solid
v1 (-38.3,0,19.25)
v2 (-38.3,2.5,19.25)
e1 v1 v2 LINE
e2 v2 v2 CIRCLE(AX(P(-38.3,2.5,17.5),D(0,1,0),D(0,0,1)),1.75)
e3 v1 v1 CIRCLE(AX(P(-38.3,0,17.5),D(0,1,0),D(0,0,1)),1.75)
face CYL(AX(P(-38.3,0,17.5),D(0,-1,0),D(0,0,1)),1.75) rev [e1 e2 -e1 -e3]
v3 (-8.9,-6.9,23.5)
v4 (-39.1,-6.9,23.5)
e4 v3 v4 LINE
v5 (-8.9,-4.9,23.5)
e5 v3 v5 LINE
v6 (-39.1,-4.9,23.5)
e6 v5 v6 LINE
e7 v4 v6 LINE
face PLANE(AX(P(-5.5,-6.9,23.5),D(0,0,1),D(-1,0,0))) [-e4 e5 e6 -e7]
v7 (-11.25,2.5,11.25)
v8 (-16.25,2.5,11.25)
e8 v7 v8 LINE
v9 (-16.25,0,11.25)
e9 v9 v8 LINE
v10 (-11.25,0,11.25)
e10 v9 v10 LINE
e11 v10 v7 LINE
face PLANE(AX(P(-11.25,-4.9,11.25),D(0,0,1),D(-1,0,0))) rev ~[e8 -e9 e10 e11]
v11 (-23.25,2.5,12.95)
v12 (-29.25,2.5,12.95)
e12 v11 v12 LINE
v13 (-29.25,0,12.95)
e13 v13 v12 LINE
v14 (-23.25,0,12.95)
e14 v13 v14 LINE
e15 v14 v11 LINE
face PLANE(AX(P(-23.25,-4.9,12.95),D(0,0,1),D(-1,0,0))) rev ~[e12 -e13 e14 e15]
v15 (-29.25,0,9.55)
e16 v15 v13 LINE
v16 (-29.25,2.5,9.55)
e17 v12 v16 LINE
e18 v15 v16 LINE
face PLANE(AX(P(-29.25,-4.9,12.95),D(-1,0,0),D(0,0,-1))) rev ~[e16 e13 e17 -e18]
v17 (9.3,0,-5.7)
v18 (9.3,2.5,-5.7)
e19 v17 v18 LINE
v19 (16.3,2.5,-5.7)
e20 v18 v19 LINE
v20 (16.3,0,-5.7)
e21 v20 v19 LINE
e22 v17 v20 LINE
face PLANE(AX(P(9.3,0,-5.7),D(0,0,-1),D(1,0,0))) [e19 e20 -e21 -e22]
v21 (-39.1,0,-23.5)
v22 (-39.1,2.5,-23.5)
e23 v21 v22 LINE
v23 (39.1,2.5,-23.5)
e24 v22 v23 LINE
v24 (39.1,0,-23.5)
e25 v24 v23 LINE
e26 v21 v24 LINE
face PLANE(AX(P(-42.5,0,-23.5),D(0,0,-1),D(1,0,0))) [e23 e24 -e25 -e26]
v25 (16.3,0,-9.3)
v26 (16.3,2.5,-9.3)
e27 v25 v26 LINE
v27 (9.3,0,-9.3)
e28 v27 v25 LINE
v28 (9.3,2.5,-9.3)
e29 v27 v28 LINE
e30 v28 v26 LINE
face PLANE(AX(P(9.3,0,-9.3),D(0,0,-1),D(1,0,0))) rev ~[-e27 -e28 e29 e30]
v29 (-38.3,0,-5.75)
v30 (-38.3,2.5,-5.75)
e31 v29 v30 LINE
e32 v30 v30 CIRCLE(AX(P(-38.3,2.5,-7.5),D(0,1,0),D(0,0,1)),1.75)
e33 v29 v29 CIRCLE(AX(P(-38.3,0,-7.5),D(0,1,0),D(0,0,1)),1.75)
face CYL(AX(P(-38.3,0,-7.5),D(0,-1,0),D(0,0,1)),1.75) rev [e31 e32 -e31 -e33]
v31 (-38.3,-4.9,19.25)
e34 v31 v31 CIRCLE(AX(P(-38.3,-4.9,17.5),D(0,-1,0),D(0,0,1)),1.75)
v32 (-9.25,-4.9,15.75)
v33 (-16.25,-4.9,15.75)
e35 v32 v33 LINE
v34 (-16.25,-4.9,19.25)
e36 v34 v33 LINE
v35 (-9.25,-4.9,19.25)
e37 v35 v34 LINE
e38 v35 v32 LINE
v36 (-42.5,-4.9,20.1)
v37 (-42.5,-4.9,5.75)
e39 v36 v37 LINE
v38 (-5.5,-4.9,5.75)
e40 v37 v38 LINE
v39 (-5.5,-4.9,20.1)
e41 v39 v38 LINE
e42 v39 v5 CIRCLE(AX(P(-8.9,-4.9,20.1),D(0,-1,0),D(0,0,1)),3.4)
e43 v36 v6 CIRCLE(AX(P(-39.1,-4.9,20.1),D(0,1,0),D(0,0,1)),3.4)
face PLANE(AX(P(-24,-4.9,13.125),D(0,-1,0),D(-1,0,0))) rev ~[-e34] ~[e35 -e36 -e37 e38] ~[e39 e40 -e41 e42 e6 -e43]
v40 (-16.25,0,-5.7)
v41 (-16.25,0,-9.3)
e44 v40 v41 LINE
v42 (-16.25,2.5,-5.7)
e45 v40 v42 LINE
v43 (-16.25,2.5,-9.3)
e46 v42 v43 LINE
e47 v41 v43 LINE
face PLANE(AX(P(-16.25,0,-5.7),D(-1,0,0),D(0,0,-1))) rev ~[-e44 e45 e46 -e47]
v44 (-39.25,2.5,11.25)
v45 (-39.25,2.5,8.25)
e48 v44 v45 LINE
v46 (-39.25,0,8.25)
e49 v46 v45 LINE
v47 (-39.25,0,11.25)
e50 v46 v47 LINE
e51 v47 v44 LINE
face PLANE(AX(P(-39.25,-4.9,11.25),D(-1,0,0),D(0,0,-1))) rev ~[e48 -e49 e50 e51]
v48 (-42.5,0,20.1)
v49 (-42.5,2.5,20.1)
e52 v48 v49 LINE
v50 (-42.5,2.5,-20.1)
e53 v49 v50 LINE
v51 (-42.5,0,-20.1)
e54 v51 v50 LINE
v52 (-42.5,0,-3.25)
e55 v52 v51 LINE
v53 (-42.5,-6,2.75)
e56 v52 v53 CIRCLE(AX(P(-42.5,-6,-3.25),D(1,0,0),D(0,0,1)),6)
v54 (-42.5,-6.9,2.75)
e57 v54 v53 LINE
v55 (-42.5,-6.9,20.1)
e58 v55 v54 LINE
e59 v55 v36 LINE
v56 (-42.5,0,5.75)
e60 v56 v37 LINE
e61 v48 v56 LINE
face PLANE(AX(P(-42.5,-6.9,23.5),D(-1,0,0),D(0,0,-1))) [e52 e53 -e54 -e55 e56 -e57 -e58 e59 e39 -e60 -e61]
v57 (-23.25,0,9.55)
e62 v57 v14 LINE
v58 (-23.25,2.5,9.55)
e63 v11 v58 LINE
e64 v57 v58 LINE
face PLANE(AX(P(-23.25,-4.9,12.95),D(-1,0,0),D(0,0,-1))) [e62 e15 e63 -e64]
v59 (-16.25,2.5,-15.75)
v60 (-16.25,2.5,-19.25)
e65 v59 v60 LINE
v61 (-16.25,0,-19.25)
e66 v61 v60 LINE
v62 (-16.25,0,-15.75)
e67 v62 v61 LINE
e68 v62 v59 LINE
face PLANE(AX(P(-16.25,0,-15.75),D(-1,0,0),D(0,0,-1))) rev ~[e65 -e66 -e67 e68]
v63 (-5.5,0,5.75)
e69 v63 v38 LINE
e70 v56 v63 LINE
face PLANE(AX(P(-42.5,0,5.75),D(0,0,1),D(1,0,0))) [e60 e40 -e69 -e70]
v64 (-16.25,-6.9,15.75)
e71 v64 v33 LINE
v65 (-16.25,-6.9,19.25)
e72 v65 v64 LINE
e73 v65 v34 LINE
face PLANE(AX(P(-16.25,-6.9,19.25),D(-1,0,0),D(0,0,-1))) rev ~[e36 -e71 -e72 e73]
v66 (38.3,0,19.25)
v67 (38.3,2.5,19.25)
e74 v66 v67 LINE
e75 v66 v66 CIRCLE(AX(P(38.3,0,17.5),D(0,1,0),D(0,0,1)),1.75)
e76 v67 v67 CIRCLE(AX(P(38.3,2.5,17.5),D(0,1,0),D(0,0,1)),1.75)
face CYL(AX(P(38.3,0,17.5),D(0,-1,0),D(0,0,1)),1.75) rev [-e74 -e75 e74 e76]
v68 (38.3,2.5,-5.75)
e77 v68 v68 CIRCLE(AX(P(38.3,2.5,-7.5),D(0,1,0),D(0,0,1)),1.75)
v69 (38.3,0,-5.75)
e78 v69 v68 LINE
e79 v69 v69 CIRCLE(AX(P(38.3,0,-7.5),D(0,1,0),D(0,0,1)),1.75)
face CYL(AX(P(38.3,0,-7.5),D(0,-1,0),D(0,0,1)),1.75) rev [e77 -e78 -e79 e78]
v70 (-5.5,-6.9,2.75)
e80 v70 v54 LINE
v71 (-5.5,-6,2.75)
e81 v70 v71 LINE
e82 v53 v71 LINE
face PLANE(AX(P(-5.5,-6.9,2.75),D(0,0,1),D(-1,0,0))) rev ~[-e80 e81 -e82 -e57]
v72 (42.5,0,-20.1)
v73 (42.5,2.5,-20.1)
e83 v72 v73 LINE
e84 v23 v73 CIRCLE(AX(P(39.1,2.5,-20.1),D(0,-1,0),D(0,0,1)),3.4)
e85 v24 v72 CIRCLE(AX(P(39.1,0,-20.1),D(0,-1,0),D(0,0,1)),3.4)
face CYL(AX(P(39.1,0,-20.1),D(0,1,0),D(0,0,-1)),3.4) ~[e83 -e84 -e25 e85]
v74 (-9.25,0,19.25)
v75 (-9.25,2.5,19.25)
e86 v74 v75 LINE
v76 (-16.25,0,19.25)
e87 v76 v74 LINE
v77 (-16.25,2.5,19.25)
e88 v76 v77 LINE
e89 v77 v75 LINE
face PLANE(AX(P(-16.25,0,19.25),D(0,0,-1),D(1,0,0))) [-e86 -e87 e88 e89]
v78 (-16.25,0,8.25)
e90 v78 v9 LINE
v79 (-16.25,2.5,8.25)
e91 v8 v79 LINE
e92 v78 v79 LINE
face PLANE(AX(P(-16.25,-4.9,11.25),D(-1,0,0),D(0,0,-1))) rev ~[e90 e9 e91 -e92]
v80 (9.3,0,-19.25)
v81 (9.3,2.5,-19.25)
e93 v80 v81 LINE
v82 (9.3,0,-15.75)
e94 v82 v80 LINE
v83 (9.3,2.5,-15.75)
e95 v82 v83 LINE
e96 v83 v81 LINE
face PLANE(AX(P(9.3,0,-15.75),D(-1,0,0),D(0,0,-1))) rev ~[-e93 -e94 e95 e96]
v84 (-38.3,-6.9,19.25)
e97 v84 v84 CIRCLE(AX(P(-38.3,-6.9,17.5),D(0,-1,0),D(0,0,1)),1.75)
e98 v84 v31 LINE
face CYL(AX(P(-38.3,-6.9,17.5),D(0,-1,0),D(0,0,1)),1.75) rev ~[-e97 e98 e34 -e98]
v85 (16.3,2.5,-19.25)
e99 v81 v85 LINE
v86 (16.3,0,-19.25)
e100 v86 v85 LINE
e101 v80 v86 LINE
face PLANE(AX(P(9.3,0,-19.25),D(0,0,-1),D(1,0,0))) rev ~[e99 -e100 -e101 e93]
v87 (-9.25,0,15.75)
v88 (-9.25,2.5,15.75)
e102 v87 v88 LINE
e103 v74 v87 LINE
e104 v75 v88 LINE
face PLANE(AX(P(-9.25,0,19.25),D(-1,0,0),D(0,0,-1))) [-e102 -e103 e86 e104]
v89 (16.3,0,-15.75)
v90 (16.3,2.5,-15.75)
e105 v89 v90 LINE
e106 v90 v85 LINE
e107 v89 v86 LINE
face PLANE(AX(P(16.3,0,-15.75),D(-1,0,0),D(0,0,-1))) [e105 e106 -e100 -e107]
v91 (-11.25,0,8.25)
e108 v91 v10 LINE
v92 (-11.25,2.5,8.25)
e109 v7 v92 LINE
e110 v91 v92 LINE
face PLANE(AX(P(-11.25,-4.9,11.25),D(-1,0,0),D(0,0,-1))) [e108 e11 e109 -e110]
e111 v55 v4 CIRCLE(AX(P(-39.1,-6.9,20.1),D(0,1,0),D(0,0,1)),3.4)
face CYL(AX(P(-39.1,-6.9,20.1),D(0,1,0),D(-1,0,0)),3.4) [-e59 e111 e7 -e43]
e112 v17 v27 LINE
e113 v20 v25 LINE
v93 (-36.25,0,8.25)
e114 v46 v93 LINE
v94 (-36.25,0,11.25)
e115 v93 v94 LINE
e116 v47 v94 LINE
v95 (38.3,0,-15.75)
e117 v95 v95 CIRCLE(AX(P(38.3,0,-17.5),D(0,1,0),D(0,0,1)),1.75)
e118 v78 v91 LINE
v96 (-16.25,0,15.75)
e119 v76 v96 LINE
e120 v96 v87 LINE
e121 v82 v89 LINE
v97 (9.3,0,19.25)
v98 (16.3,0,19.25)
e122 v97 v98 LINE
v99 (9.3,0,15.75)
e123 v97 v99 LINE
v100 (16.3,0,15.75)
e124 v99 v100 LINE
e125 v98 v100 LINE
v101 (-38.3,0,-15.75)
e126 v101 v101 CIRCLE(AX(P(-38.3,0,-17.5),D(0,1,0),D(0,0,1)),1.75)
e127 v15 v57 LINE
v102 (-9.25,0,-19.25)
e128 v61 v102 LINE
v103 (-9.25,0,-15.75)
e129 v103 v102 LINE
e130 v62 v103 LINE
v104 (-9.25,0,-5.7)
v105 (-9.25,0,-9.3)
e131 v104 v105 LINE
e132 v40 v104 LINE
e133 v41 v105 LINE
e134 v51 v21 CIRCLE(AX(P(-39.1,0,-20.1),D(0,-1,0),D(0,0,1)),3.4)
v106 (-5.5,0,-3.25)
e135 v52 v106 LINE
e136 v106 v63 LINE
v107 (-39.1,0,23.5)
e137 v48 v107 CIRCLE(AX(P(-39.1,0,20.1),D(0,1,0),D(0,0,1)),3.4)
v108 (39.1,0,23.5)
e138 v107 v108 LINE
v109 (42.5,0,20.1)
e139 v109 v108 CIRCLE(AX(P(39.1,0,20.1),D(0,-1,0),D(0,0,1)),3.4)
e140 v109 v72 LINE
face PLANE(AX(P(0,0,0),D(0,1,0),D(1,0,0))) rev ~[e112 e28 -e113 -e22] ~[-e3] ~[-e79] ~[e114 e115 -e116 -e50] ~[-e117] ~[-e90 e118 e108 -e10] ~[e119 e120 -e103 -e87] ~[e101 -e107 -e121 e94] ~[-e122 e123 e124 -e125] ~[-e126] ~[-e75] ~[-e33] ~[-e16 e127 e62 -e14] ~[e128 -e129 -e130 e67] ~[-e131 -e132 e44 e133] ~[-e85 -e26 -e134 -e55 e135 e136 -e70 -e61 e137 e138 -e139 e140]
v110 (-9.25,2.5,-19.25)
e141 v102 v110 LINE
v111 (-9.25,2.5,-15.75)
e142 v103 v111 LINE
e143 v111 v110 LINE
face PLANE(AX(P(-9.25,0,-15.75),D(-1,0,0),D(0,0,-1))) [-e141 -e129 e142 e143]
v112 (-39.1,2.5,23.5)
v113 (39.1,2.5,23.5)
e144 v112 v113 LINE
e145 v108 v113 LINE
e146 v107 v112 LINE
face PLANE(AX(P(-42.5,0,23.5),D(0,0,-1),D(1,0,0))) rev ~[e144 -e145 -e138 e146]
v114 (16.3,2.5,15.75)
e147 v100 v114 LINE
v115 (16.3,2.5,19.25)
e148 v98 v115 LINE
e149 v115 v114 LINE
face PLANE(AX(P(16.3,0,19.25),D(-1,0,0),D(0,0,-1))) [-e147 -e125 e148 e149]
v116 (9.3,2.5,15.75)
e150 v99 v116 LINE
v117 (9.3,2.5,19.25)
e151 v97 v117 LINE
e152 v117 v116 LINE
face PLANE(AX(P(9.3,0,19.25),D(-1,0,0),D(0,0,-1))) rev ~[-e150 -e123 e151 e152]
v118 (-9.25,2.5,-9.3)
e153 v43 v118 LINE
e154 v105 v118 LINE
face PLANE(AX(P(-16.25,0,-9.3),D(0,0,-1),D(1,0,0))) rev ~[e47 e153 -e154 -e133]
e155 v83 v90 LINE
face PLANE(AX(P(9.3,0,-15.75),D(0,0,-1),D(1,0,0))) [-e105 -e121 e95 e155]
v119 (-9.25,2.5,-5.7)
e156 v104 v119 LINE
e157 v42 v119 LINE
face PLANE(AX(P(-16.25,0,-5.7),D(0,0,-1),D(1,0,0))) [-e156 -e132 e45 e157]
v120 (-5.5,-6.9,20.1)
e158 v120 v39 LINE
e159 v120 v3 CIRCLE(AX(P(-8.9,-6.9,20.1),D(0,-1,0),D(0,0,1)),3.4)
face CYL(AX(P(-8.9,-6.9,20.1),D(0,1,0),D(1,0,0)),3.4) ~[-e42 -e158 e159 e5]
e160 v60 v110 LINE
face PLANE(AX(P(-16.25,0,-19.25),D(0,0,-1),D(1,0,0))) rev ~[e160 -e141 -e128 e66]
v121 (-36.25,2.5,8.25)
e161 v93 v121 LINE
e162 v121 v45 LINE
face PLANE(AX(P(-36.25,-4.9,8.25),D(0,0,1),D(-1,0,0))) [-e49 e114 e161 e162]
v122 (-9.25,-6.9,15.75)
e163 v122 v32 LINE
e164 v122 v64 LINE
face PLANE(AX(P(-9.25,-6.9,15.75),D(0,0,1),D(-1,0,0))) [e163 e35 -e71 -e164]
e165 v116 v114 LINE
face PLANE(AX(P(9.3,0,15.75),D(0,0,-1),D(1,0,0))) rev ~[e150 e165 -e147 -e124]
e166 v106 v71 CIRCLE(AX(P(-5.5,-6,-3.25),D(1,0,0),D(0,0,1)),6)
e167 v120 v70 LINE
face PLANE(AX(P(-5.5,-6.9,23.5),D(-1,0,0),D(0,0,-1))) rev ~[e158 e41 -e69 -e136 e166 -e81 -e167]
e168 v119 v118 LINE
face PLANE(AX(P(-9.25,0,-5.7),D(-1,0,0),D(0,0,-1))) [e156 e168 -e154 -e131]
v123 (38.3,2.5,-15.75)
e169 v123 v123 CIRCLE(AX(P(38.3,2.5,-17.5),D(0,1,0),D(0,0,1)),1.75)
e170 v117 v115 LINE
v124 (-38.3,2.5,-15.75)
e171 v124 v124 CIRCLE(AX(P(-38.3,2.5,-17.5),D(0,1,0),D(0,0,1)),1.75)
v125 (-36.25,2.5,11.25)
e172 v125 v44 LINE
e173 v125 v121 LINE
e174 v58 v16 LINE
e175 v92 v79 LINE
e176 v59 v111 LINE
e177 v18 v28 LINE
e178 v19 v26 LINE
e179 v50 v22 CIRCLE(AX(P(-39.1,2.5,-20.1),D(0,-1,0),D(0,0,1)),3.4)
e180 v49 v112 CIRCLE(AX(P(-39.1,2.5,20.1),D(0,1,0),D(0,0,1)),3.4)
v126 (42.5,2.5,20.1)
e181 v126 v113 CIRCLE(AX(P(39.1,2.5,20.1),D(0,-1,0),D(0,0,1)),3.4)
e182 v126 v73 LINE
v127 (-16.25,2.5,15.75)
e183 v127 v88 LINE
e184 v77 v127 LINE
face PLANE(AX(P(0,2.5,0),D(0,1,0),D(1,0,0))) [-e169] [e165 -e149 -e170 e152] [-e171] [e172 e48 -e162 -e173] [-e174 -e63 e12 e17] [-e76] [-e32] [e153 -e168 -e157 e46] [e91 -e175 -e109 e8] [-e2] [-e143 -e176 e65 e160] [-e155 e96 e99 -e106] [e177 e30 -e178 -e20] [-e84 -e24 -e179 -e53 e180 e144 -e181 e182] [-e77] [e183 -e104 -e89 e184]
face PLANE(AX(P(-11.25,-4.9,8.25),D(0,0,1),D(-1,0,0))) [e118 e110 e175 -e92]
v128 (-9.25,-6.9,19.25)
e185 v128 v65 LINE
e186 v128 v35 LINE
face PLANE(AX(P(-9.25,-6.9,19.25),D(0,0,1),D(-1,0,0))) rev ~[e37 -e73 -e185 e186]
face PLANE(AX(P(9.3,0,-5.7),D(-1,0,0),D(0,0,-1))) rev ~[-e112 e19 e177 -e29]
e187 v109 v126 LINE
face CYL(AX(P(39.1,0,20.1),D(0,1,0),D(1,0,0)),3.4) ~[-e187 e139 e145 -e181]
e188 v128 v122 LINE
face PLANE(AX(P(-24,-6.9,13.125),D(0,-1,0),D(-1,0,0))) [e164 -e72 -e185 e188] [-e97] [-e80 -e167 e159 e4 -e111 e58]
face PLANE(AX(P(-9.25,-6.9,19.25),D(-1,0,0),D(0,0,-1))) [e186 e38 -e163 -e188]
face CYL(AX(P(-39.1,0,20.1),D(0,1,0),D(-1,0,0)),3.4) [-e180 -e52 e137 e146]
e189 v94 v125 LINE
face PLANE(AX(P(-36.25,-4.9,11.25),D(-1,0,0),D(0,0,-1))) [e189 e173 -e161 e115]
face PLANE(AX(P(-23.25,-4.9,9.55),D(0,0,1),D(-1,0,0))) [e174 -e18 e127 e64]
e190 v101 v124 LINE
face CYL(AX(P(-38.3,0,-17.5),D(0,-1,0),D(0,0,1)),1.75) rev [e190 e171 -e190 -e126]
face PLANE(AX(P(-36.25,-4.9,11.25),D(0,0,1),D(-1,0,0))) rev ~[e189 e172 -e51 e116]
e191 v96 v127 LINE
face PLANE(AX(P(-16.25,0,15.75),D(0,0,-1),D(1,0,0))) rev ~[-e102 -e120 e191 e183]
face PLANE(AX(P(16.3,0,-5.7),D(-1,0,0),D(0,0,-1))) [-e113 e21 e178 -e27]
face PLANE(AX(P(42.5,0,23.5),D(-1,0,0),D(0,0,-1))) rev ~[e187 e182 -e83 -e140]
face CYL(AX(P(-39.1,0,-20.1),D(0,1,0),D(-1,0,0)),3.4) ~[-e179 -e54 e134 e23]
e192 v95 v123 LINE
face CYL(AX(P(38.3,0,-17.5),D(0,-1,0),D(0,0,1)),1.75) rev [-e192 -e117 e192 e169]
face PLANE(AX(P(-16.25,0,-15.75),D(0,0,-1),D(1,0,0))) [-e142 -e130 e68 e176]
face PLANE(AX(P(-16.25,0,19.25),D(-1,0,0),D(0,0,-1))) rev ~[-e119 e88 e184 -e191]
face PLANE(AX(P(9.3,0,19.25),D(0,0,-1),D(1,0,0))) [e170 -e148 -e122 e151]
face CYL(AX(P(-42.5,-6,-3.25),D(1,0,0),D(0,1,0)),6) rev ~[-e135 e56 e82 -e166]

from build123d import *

# Parameters (mm, degrees)
SKETCH_1_W          = 85
SKETCH_1_H          = 47
SKETCH_1_R          = 1.75
SKETCH_1_W_2        = 7
SKETCH_1_H_2        = 3.5
SKETCH_1_H_3        = 3.6
EXTRUDE_1_DEPTH     = 2.5
SKETCH_2_W          = 37
SKETCH_2_H          = 3
EXTRUDE_2_DEPTH     = 4.9
EXTRUDE_START       = 2
SKETCH_3_W          = 37
SKETCH_3_H          = 20.75
SKETCH_3_R          = 1.75
SKETCH_3_W_2        = 7
SKETCH_3_H_2        = 3.5
EXTRUDE_4_DEPTH     = 2
FILLET_1_R          = 3.4
SKETCH_4_W          = 6
SKETCH_4_H          = 3.4
SKETCH_4_W_2        = 5
SKETCH_4_H_2        = 3
SKETCH_4_W_3        = 3
CUT_EXTRUDE_1_DEPTH = 7.4
FILLET_2_R          = 6


with BuildPart() as part:
    # 草图1 → 凸台-拉伸1 (new body)
    with BuildSketch(Plane(origin=(0, 0, 0), x_dir=(1, 0, 0), z_dir=(0, 1, 0))):
        Rectangle(SKETCH_1_W, SKETCH_1_H)
        with Locations(Location((-38.3, -17.5, 0), (0, 0, 270))):
            Circle(SKETCH_1_R, mode=Mode.SUBTRACT)
        with Locations(Location((38.3, -17.5, 0), (0, 0, 270))):
            Circle(SKETCH_1_R, mode=Mode.SUBTRACT)
        with Locations(Location((-38.3, 7.5, 0), (0, 0, 270))):
            Circle(SKETCH_1_R, mode=Mode.SUBTRACT)
        with Locations(Location((38.3, 7.5, 0), (0, 0, 270))):
            Circle(SKETCH_1_R, mode=Mode.SUBTRACT)
        with Locations(Location((-38.3, 17.5, 0), (0, 0, 270))):
            Circle(SKETCH_1_R, mode=Mode.SUBTRACT)
        with Locations(Location((38.3, 17.5, 0), (0, 0, 270))):
            Circle(SKETCH_1_R, mode=Mode.SUBTRACT)
        with Locations((-12.75, -17.5)):
            Rectangle(SKETCH_1_W_2, SKETCH_1_H_2, mode=Mode.SUBTRACT)
        with Locations((12.8, -17.5)):
            Rectangle(SKETCH_1_W_2, SKETCH_1_H_2, mode=Mode.SUBTRACT)
        with Locations((-12.75, 7.5)):
            Rectangle(SKETCH_1_W_2, SKETCH_1_H_3, mode=Mode.SUBTRACT)
        with Locations((12.8, 7.5)):
            Rectangle(SKETCH_1_W_2, SKETCH_1_H_3, mode=Mode.SUBTRACT)
        with Locations((-12.75, 17.5)):
            Rectangle(SKETCH_1_W_2, SKETCH_1_H_2, mode=Mode.SUBTRACT)
        with Locations((12.8, 17.5)):
            Rectangle(SKETCH_1_W_2, SKETCH_1_H_2, mode=Mode.SUBTRACT)
    extrude(amount=EXTRUDE_1_DEPTH)

    # 草图2 → 凸台-拉伸2 (add)
    with BuildSketch(Plane(origin=(0, 0, 0), x_dir=(1, 0, 0), z_dir=(0, 1, 0))):
        with Locations((-24, -4.25)):
            Rectangle(SKETCH_2_W, SKETCH_2_H)
    extrude(amount=-EXTRUDE_2_DEPTH)

    # 草图3 → 凸台-拉伸4 (add)
    with BuildSketch(Plane(origin=(0, -4.9, 0), x_dir=(-1, 0, 0), z_dir=(0, -1, 0)).offset(EXTRUDE_START)):
        with Locations((24, -13.125)):
            Rectangle(SKETCH_3_W, SKETCH_3_H)
        with Locations(Location((38.3, -17.5, 0), (0, 0, 270))):
            Circle(SKETCH_3_R, mode=Mode.SUBTRACT)
        with Locations((12.75, -17.5)):
            Rectangle(SKETCH_3_W_2, SKETCH_3_H_2, mode=Mode.SUBTRACT)
    extrude(amount=-EXTRUDE_4_DEPTH)

    # 圆角1
    fillet_1_edges = [part.edges().sort_by_distance(p)[0] for p in [
        (-5.5, -5.9, 23.5),
        (-42.5, -5.9, 23.5),
        (42.5, 1.25, 23.5),
        (-42.5, 1.25, 23.5),
        (-42.5, 1.25, -23.5),
        (42.5, 1.25, -23.5),
    ]]
    fillet(fillet_1_edges, radius=FILLET_1_R)

    # 草图4 → 切除-拉伸1 (cut)
    with BuildSketch(Plane(origin=(0, -4.9, 0), x_dir=(-1, 0, 0), z_dir=(0, -1, 0))):
        with Locations((26.25, -11.25)):
            Rectangle(SKETCH_4_W, SKETCH_4_H)
        with Locations((13.75, -9.75)):
            Rectangle(SKETCH_4_W_2, SKETCH_4_H_2)
        with Locations((37.75, -9.75)):
            Rectangle(SKETCH_4_W_3, SKETCH_4_H_2)
    extrude(amount=-CUT_EXTRUDE_1_DEPTH, mode=Mode.SUBTRACT)

    # 圆角2
    fillet_2_edges = [part.edges().sort_by_distance(p)[0] for p in [
        (-24, 0, 2.75),
    ]]
    fillet(fillet_2_edges, radius=FILLET_2_R)


solid = part.part
